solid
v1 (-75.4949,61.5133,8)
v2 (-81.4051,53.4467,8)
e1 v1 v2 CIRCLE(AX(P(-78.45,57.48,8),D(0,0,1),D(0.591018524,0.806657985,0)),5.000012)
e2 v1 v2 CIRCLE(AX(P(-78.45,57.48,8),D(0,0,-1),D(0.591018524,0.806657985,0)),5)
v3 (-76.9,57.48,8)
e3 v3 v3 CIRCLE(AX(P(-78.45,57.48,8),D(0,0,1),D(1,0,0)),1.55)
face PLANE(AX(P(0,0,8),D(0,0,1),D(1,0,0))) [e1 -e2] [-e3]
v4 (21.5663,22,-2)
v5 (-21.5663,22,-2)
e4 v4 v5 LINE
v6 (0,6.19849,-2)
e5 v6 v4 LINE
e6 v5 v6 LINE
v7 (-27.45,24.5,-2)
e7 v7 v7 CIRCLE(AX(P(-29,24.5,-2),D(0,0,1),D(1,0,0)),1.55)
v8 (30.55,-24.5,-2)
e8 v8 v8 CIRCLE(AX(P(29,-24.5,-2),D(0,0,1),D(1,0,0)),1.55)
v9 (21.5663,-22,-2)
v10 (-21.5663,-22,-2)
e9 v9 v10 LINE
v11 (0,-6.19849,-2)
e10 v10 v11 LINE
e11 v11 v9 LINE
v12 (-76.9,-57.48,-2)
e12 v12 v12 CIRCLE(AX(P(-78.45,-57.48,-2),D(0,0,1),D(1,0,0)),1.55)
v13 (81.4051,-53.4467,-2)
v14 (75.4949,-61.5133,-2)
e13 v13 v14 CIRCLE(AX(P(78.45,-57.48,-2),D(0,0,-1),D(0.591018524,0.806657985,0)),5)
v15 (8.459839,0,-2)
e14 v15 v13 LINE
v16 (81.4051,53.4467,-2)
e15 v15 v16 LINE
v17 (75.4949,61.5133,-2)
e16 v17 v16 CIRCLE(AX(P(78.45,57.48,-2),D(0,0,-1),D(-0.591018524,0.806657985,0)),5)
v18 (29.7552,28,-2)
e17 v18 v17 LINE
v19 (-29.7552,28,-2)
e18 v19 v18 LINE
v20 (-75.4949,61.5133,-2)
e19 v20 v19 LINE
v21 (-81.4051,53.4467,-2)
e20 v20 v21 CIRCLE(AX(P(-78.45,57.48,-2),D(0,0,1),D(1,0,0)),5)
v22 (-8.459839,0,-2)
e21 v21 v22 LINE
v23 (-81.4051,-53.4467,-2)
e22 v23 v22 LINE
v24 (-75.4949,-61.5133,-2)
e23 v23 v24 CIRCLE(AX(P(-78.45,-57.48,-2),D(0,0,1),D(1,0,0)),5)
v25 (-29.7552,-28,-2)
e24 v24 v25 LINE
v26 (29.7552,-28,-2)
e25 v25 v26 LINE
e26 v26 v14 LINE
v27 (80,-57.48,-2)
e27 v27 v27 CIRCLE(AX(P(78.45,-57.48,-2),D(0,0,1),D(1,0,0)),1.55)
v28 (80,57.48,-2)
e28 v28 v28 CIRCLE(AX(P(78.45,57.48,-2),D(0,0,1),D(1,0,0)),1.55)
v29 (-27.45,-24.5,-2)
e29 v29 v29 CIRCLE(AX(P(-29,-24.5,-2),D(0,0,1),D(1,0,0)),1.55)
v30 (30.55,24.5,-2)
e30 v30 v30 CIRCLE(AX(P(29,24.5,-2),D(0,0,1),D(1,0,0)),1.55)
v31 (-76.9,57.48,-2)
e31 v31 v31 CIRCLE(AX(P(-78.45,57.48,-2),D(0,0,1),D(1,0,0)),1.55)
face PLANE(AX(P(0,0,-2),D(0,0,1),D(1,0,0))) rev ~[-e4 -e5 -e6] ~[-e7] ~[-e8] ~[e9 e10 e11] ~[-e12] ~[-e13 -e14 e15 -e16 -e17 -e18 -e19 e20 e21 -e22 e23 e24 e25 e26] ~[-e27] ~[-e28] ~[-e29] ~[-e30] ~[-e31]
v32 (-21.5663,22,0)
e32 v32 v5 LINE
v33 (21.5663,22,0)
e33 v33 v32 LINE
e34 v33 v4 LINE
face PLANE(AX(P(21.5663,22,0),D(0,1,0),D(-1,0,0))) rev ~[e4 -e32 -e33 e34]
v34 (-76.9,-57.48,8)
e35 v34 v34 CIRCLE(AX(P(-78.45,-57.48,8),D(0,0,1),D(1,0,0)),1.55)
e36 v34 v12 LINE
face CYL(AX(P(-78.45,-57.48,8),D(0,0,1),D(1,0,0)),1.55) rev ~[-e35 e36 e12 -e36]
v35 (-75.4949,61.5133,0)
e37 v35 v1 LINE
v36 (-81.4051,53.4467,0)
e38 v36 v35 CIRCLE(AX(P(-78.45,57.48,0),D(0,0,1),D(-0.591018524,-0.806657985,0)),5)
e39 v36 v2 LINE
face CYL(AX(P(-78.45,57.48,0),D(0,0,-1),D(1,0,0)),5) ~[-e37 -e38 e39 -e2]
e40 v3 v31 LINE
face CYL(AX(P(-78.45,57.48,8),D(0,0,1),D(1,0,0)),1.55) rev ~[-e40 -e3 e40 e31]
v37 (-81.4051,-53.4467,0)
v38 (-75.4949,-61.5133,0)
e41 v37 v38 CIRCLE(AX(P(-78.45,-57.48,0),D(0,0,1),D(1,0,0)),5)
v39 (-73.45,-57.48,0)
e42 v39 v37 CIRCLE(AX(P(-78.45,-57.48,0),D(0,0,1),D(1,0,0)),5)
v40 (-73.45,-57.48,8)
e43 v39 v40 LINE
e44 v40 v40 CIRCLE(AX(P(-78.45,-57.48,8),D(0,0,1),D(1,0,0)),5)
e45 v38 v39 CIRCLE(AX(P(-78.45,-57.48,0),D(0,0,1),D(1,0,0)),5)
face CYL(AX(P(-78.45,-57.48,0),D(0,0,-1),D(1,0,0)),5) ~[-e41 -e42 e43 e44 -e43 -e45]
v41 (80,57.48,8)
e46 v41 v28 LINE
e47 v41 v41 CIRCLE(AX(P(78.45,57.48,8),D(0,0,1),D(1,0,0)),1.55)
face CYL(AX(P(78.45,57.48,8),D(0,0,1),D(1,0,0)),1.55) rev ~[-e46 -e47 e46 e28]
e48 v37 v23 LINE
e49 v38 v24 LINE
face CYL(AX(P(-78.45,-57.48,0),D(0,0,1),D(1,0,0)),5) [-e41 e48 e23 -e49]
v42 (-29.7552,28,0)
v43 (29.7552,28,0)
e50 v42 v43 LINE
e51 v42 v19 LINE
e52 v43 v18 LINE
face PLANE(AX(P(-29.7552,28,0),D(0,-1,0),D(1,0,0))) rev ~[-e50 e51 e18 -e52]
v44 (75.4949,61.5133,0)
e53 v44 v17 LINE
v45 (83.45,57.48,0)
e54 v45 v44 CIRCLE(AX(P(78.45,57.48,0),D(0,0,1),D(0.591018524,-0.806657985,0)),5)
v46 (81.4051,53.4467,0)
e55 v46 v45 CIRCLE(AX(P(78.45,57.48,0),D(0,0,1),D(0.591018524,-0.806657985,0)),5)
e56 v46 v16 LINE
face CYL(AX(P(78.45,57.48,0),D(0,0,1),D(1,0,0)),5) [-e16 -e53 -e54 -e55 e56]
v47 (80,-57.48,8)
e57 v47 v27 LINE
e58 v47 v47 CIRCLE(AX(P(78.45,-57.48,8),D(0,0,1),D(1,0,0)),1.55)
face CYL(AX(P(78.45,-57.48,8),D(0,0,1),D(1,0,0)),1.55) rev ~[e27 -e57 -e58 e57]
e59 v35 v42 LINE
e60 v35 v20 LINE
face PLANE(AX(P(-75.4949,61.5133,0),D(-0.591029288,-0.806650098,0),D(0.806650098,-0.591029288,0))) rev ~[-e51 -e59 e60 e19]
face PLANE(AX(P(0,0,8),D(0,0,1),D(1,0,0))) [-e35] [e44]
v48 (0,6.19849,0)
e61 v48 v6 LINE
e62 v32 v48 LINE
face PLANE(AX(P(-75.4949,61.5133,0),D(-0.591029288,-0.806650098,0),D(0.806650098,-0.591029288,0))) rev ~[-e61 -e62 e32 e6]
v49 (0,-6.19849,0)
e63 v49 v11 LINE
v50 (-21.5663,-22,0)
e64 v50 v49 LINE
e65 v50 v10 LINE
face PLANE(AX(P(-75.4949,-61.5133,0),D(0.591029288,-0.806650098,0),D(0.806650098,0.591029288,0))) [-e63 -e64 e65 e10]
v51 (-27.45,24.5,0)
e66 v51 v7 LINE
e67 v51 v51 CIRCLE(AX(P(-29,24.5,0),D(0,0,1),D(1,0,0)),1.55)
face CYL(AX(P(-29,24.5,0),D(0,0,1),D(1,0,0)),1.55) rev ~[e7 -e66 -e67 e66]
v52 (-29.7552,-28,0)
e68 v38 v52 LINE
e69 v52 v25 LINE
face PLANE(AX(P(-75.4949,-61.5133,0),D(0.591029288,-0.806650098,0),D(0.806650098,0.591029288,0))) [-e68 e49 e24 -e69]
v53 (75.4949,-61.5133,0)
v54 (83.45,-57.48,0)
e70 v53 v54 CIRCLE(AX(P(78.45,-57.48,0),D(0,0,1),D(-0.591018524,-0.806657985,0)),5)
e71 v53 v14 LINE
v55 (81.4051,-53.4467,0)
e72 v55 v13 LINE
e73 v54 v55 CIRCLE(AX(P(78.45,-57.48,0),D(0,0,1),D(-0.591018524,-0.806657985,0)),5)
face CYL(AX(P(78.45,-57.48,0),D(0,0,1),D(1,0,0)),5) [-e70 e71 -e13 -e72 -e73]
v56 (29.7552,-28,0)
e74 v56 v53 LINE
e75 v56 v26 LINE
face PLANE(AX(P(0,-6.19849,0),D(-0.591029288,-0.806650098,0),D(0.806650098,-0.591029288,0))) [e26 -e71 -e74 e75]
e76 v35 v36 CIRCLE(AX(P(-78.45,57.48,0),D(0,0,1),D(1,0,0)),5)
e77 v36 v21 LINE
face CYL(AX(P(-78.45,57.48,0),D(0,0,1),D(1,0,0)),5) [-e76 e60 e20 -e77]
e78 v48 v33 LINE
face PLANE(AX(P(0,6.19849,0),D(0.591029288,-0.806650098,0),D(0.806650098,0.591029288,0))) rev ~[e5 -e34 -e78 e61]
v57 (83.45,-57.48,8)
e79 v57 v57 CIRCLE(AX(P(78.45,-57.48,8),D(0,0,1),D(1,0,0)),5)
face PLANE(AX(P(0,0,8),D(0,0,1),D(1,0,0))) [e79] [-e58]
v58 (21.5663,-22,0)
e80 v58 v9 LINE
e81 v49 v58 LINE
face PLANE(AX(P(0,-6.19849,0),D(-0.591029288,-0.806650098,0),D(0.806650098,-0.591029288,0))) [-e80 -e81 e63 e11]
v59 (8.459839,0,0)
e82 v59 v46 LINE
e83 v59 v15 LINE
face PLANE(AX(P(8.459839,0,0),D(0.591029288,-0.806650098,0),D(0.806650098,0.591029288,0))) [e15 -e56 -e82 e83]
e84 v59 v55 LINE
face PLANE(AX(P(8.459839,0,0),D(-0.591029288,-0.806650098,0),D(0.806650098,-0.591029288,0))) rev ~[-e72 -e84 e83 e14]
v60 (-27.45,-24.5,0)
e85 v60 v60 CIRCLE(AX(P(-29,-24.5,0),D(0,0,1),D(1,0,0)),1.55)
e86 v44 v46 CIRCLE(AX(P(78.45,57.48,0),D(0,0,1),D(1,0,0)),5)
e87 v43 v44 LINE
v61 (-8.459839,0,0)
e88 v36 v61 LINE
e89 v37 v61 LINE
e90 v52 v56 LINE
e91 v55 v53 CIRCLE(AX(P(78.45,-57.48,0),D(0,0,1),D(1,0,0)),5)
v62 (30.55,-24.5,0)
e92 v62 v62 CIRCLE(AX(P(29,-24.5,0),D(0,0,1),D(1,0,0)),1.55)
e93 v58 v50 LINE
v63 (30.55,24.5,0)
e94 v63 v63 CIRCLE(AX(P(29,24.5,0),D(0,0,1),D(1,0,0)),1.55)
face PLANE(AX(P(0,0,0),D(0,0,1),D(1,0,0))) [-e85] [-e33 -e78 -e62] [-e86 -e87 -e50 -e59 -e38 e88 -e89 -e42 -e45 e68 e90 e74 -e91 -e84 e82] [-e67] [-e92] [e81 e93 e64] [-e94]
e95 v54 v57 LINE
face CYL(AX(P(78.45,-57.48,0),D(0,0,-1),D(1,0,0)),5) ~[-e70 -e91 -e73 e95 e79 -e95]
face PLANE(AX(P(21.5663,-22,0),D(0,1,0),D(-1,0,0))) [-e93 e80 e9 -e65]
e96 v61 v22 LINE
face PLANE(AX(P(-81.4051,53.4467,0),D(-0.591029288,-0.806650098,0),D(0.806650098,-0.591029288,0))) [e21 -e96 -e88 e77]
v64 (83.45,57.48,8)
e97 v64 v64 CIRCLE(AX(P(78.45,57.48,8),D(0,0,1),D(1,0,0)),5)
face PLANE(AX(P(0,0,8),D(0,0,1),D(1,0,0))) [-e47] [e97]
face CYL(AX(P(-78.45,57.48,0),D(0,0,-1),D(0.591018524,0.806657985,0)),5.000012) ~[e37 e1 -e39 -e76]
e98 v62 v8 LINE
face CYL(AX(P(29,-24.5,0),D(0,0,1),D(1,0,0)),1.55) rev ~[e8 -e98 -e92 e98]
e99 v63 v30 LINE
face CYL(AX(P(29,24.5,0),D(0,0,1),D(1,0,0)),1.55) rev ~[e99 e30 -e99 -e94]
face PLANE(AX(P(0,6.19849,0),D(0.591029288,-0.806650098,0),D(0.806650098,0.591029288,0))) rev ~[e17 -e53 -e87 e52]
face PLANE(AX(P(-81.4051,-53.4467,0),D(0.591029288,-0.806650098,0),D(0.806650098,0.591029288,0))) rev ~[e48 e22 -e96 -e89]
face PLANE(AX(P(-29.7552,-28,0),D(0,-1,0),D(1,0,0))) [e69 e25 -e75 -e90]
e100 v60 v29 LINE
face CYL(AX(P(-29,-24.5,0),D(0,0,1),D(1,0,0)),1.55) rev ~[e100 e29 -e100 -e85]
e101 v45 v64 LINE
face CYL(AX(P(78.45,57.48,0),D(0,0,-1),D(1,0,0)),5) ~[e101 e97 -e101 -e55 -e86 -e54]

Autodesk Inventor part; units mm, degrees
ref_plane "YZ Plane" through (0, 0, 0) normal (1, 0, 0) x (0, 1, 0)
ref_plane "XZ Plane" through (0, 0, 0) normal (0, 1, 0) x (-1, 0, 0)
ref_plane "XY Plane" through (0, 0, 0) normal (0, 0, 1) x (1, 0, 0)
sketch "Sketch1" plane through (0, 0, 0) normal (0, 0, 1) x (1, 0, 0)
  line L0 (92.45, -67.135) -> (-92.45, -67.135) construction
  line L1 (-92.45, -67.135) -> (-92.45, 67.135) construction
  line L2 (-92.45, 67.135) -> (92.45, 67.135) construction
  line L3 (92.45, 67.135) -> (92.45, -67.135) construction
  line L4 (92.45, -67.135) -> (-92.45, 67.135) construction
  line L5 (-92.45, -67.135) -> (92.45, 67.135) construction
  line L6 (77.45, -40.52) -> (-78.55, -40.52) construction
  line L7 (-78.55, -40.52) -> (-78.55, 48.48) construction
  line L8 (-78.55, 48.48) -> (77.45, 48.48) construction
  line L9 (77.45, 48.48) -> (77.45, -40.52) construction
  circle A0 centre (-78.45, 57.48) radius 1.5 construction
  circle A1 centre (-78.45, -57.48) radius 1.5 construction
  line L10 (0, 87.0056) -> (0, -123.2523) construction
  circle A2 centre (78.45, 57.48) radius 1.5 construction
  circle A3 centre (78.45, -57.48) radius 1.5 construction
  line L11 (-78.45, 57.48) -> (78.45, 57.48) construction
  line L12 (-78.45, 57.48) -> (-78.45, 67.135) construction
  line L13 (-78.45, -57.48) -> (-78.45, -67.135) construction
  circle A4 centre (-78.45, 57.48) radius 5
  circle A5 centre (78.45, 57.48) radius 5
  line L14 (-92.45, 0) -> (92.45, 0) construction
  circle A6 centre (-78.45, -57.48) radius 5
  circle A7 centre (78.45, -57.48) radius 5
  line L15 (-81.4051, 53.4467) -> (75.4949, -61.5133)
  line L16 (-75.4949, 61.5133) -> (81.4051, -53.4467)
  line L17 (-75.4949, -61.5133) -> (81.4051, 53.4467)
  line L18 (-81.4051, -53.4467) -> (75.4949, 61.5133)
  point P0 (0, 0)
  point P1 (0, 67.135)
  point P2 (-78.55, 3.98)
  point P3 (0, 57.48)
  dimension "d0" = 184.9
  dimension "d1" = 134.27
  dimension "d2" = 156
  dimension "d3" = 89
  dimension "d4" = 114.96
  dimension "d5" = 3
  dimension "d6" = 156.9
  dimension "d7" = 9
  dimension "d17" = 15
  dimension "d18" = 13.9
  dimension "d19" = 10
extrude "Extrusion3" add sketch "Sketch1" against normal blind 2
sketch "Sketch3" plane through (0, 0, 0) normal (0, 0, 1) x (1, 0, 0)
  circle A0 centre (-78.45, 57.48) radius 5
  line L0 (0, 65.2064) -> (0, -49.8474) construction
  line L1 (-74.1059, 0) -> (81.0801, 0) construction
  arc A1 (-75.4949, 61.5133) -> (-81.4051, 53.4467) centre (-78.45, 57.48) ccw projected
  circle A2 centre (78.45, 57.48) radius 5
  circle A3 centre (-78.45, -57.48) radius 5
  circle A4 centre (78.45, -57.48) radius 5
  point P0 (0, 0)
extrude "Extrusion4" add sketch "Sketch3" along normal blind 8
sketch "Sketch4" plane through (-78.45, -57.48, 8) normal (0, 0, 1) x (1, 0, 0)
  circle A0 centre (0, 0) radius 1.55
  line L0 (-9.7734, 57.48) -> (187.2333, 57.48) construction
  line L1 (78.45, 128.3827) -> (78.45, -12.8511) construction
  circle A1 centre (156.9, 0) radius 1.55
  circle A2 centre (0, 114.96) radius 1.55
  circle A3 centre (156.9, 114.96) radius 1.55
  circle A4 centre (0, 0) radius 5 construction
  point P0 (78.45, 57.48)
  dimension "d24" = 3.1
extrude "Extrusion5" cut sketch "Sketch4" against normal up to next
sketch "Sketch5" plane through (0, 0, 0) normal (0, 0, 1) x (1, 0, 0)
  line L0 (-29, -24.5) -> (29, -24.5) construction
  line L1 (29, -24.5) -> (29, 24.5) construction
  line L2 (29, 24.5) -> (-29, 24.5) construction
  line L3 (-29, 24.5) -> (-29, -24.5) construction
  line L4 (-29, -24.5) -> (29, 24.5) construction
  line L5 (29, -24.5) -> (-29, 24.5) construction
  circle A0 centre (29, 24.5) radius 1.55
  line L6 (0, 47.6291) -> (0, -68.5673) construction
  line L7 (-80.197, 0) -> (59.821, 0) construction
  circle A1 centre (-29, 24.5) radius 1.55
  line L8 (29, -24.5) -> (-29, -24.5) construction
  circle A2 centre (29, -24.5) radius 1.55
  circle A3 centre (-29, -24.5) radius 1.55
  line L9 (0, 6.1985) -> (-75.4949, 61.5133) projected
  line L10 (-29.7552, 28) -> (29.7552, 28)
  line L11 (21.5663, 22) -> (-21.5663, 22)
  line L12 (75.4949, 61.5133) -> (0, 6.1985) projected
  line L13 (-29.7552, -28) -> (29.7552, -28)
  line L14 (21.5663, -22) -> (-21.5663, -22)
  line L15 (-29.7552, -28) -> (-21.5663, -22)
  line L16 (0, -6.1985) -> (-75.4949, -61.5133) projected
  line L17 (21.5663, -22) -> (29.7552, -28)
  line L18 (75.4949, -61.5133) -> (0, -6.1985) projected
  point P0 (0, 0)
  dimension "d27" = 58
  dimension "d28" = 49
  dimension "d29" = 3.1
  dimension "d30" = 6
  dimension "d31" = 2.5
extrude "Extrusion6" add sketch "Sketch5" against normal up to surface (2 mm away) contours L9 L10 L12 L11 | L15 L14 L17 L13
extrude "Extrusion7" cut sketch "Sketch5" against normal up to next contours A0 | A1 | A2 | A3
properties part number "LCDv5-backCover"
